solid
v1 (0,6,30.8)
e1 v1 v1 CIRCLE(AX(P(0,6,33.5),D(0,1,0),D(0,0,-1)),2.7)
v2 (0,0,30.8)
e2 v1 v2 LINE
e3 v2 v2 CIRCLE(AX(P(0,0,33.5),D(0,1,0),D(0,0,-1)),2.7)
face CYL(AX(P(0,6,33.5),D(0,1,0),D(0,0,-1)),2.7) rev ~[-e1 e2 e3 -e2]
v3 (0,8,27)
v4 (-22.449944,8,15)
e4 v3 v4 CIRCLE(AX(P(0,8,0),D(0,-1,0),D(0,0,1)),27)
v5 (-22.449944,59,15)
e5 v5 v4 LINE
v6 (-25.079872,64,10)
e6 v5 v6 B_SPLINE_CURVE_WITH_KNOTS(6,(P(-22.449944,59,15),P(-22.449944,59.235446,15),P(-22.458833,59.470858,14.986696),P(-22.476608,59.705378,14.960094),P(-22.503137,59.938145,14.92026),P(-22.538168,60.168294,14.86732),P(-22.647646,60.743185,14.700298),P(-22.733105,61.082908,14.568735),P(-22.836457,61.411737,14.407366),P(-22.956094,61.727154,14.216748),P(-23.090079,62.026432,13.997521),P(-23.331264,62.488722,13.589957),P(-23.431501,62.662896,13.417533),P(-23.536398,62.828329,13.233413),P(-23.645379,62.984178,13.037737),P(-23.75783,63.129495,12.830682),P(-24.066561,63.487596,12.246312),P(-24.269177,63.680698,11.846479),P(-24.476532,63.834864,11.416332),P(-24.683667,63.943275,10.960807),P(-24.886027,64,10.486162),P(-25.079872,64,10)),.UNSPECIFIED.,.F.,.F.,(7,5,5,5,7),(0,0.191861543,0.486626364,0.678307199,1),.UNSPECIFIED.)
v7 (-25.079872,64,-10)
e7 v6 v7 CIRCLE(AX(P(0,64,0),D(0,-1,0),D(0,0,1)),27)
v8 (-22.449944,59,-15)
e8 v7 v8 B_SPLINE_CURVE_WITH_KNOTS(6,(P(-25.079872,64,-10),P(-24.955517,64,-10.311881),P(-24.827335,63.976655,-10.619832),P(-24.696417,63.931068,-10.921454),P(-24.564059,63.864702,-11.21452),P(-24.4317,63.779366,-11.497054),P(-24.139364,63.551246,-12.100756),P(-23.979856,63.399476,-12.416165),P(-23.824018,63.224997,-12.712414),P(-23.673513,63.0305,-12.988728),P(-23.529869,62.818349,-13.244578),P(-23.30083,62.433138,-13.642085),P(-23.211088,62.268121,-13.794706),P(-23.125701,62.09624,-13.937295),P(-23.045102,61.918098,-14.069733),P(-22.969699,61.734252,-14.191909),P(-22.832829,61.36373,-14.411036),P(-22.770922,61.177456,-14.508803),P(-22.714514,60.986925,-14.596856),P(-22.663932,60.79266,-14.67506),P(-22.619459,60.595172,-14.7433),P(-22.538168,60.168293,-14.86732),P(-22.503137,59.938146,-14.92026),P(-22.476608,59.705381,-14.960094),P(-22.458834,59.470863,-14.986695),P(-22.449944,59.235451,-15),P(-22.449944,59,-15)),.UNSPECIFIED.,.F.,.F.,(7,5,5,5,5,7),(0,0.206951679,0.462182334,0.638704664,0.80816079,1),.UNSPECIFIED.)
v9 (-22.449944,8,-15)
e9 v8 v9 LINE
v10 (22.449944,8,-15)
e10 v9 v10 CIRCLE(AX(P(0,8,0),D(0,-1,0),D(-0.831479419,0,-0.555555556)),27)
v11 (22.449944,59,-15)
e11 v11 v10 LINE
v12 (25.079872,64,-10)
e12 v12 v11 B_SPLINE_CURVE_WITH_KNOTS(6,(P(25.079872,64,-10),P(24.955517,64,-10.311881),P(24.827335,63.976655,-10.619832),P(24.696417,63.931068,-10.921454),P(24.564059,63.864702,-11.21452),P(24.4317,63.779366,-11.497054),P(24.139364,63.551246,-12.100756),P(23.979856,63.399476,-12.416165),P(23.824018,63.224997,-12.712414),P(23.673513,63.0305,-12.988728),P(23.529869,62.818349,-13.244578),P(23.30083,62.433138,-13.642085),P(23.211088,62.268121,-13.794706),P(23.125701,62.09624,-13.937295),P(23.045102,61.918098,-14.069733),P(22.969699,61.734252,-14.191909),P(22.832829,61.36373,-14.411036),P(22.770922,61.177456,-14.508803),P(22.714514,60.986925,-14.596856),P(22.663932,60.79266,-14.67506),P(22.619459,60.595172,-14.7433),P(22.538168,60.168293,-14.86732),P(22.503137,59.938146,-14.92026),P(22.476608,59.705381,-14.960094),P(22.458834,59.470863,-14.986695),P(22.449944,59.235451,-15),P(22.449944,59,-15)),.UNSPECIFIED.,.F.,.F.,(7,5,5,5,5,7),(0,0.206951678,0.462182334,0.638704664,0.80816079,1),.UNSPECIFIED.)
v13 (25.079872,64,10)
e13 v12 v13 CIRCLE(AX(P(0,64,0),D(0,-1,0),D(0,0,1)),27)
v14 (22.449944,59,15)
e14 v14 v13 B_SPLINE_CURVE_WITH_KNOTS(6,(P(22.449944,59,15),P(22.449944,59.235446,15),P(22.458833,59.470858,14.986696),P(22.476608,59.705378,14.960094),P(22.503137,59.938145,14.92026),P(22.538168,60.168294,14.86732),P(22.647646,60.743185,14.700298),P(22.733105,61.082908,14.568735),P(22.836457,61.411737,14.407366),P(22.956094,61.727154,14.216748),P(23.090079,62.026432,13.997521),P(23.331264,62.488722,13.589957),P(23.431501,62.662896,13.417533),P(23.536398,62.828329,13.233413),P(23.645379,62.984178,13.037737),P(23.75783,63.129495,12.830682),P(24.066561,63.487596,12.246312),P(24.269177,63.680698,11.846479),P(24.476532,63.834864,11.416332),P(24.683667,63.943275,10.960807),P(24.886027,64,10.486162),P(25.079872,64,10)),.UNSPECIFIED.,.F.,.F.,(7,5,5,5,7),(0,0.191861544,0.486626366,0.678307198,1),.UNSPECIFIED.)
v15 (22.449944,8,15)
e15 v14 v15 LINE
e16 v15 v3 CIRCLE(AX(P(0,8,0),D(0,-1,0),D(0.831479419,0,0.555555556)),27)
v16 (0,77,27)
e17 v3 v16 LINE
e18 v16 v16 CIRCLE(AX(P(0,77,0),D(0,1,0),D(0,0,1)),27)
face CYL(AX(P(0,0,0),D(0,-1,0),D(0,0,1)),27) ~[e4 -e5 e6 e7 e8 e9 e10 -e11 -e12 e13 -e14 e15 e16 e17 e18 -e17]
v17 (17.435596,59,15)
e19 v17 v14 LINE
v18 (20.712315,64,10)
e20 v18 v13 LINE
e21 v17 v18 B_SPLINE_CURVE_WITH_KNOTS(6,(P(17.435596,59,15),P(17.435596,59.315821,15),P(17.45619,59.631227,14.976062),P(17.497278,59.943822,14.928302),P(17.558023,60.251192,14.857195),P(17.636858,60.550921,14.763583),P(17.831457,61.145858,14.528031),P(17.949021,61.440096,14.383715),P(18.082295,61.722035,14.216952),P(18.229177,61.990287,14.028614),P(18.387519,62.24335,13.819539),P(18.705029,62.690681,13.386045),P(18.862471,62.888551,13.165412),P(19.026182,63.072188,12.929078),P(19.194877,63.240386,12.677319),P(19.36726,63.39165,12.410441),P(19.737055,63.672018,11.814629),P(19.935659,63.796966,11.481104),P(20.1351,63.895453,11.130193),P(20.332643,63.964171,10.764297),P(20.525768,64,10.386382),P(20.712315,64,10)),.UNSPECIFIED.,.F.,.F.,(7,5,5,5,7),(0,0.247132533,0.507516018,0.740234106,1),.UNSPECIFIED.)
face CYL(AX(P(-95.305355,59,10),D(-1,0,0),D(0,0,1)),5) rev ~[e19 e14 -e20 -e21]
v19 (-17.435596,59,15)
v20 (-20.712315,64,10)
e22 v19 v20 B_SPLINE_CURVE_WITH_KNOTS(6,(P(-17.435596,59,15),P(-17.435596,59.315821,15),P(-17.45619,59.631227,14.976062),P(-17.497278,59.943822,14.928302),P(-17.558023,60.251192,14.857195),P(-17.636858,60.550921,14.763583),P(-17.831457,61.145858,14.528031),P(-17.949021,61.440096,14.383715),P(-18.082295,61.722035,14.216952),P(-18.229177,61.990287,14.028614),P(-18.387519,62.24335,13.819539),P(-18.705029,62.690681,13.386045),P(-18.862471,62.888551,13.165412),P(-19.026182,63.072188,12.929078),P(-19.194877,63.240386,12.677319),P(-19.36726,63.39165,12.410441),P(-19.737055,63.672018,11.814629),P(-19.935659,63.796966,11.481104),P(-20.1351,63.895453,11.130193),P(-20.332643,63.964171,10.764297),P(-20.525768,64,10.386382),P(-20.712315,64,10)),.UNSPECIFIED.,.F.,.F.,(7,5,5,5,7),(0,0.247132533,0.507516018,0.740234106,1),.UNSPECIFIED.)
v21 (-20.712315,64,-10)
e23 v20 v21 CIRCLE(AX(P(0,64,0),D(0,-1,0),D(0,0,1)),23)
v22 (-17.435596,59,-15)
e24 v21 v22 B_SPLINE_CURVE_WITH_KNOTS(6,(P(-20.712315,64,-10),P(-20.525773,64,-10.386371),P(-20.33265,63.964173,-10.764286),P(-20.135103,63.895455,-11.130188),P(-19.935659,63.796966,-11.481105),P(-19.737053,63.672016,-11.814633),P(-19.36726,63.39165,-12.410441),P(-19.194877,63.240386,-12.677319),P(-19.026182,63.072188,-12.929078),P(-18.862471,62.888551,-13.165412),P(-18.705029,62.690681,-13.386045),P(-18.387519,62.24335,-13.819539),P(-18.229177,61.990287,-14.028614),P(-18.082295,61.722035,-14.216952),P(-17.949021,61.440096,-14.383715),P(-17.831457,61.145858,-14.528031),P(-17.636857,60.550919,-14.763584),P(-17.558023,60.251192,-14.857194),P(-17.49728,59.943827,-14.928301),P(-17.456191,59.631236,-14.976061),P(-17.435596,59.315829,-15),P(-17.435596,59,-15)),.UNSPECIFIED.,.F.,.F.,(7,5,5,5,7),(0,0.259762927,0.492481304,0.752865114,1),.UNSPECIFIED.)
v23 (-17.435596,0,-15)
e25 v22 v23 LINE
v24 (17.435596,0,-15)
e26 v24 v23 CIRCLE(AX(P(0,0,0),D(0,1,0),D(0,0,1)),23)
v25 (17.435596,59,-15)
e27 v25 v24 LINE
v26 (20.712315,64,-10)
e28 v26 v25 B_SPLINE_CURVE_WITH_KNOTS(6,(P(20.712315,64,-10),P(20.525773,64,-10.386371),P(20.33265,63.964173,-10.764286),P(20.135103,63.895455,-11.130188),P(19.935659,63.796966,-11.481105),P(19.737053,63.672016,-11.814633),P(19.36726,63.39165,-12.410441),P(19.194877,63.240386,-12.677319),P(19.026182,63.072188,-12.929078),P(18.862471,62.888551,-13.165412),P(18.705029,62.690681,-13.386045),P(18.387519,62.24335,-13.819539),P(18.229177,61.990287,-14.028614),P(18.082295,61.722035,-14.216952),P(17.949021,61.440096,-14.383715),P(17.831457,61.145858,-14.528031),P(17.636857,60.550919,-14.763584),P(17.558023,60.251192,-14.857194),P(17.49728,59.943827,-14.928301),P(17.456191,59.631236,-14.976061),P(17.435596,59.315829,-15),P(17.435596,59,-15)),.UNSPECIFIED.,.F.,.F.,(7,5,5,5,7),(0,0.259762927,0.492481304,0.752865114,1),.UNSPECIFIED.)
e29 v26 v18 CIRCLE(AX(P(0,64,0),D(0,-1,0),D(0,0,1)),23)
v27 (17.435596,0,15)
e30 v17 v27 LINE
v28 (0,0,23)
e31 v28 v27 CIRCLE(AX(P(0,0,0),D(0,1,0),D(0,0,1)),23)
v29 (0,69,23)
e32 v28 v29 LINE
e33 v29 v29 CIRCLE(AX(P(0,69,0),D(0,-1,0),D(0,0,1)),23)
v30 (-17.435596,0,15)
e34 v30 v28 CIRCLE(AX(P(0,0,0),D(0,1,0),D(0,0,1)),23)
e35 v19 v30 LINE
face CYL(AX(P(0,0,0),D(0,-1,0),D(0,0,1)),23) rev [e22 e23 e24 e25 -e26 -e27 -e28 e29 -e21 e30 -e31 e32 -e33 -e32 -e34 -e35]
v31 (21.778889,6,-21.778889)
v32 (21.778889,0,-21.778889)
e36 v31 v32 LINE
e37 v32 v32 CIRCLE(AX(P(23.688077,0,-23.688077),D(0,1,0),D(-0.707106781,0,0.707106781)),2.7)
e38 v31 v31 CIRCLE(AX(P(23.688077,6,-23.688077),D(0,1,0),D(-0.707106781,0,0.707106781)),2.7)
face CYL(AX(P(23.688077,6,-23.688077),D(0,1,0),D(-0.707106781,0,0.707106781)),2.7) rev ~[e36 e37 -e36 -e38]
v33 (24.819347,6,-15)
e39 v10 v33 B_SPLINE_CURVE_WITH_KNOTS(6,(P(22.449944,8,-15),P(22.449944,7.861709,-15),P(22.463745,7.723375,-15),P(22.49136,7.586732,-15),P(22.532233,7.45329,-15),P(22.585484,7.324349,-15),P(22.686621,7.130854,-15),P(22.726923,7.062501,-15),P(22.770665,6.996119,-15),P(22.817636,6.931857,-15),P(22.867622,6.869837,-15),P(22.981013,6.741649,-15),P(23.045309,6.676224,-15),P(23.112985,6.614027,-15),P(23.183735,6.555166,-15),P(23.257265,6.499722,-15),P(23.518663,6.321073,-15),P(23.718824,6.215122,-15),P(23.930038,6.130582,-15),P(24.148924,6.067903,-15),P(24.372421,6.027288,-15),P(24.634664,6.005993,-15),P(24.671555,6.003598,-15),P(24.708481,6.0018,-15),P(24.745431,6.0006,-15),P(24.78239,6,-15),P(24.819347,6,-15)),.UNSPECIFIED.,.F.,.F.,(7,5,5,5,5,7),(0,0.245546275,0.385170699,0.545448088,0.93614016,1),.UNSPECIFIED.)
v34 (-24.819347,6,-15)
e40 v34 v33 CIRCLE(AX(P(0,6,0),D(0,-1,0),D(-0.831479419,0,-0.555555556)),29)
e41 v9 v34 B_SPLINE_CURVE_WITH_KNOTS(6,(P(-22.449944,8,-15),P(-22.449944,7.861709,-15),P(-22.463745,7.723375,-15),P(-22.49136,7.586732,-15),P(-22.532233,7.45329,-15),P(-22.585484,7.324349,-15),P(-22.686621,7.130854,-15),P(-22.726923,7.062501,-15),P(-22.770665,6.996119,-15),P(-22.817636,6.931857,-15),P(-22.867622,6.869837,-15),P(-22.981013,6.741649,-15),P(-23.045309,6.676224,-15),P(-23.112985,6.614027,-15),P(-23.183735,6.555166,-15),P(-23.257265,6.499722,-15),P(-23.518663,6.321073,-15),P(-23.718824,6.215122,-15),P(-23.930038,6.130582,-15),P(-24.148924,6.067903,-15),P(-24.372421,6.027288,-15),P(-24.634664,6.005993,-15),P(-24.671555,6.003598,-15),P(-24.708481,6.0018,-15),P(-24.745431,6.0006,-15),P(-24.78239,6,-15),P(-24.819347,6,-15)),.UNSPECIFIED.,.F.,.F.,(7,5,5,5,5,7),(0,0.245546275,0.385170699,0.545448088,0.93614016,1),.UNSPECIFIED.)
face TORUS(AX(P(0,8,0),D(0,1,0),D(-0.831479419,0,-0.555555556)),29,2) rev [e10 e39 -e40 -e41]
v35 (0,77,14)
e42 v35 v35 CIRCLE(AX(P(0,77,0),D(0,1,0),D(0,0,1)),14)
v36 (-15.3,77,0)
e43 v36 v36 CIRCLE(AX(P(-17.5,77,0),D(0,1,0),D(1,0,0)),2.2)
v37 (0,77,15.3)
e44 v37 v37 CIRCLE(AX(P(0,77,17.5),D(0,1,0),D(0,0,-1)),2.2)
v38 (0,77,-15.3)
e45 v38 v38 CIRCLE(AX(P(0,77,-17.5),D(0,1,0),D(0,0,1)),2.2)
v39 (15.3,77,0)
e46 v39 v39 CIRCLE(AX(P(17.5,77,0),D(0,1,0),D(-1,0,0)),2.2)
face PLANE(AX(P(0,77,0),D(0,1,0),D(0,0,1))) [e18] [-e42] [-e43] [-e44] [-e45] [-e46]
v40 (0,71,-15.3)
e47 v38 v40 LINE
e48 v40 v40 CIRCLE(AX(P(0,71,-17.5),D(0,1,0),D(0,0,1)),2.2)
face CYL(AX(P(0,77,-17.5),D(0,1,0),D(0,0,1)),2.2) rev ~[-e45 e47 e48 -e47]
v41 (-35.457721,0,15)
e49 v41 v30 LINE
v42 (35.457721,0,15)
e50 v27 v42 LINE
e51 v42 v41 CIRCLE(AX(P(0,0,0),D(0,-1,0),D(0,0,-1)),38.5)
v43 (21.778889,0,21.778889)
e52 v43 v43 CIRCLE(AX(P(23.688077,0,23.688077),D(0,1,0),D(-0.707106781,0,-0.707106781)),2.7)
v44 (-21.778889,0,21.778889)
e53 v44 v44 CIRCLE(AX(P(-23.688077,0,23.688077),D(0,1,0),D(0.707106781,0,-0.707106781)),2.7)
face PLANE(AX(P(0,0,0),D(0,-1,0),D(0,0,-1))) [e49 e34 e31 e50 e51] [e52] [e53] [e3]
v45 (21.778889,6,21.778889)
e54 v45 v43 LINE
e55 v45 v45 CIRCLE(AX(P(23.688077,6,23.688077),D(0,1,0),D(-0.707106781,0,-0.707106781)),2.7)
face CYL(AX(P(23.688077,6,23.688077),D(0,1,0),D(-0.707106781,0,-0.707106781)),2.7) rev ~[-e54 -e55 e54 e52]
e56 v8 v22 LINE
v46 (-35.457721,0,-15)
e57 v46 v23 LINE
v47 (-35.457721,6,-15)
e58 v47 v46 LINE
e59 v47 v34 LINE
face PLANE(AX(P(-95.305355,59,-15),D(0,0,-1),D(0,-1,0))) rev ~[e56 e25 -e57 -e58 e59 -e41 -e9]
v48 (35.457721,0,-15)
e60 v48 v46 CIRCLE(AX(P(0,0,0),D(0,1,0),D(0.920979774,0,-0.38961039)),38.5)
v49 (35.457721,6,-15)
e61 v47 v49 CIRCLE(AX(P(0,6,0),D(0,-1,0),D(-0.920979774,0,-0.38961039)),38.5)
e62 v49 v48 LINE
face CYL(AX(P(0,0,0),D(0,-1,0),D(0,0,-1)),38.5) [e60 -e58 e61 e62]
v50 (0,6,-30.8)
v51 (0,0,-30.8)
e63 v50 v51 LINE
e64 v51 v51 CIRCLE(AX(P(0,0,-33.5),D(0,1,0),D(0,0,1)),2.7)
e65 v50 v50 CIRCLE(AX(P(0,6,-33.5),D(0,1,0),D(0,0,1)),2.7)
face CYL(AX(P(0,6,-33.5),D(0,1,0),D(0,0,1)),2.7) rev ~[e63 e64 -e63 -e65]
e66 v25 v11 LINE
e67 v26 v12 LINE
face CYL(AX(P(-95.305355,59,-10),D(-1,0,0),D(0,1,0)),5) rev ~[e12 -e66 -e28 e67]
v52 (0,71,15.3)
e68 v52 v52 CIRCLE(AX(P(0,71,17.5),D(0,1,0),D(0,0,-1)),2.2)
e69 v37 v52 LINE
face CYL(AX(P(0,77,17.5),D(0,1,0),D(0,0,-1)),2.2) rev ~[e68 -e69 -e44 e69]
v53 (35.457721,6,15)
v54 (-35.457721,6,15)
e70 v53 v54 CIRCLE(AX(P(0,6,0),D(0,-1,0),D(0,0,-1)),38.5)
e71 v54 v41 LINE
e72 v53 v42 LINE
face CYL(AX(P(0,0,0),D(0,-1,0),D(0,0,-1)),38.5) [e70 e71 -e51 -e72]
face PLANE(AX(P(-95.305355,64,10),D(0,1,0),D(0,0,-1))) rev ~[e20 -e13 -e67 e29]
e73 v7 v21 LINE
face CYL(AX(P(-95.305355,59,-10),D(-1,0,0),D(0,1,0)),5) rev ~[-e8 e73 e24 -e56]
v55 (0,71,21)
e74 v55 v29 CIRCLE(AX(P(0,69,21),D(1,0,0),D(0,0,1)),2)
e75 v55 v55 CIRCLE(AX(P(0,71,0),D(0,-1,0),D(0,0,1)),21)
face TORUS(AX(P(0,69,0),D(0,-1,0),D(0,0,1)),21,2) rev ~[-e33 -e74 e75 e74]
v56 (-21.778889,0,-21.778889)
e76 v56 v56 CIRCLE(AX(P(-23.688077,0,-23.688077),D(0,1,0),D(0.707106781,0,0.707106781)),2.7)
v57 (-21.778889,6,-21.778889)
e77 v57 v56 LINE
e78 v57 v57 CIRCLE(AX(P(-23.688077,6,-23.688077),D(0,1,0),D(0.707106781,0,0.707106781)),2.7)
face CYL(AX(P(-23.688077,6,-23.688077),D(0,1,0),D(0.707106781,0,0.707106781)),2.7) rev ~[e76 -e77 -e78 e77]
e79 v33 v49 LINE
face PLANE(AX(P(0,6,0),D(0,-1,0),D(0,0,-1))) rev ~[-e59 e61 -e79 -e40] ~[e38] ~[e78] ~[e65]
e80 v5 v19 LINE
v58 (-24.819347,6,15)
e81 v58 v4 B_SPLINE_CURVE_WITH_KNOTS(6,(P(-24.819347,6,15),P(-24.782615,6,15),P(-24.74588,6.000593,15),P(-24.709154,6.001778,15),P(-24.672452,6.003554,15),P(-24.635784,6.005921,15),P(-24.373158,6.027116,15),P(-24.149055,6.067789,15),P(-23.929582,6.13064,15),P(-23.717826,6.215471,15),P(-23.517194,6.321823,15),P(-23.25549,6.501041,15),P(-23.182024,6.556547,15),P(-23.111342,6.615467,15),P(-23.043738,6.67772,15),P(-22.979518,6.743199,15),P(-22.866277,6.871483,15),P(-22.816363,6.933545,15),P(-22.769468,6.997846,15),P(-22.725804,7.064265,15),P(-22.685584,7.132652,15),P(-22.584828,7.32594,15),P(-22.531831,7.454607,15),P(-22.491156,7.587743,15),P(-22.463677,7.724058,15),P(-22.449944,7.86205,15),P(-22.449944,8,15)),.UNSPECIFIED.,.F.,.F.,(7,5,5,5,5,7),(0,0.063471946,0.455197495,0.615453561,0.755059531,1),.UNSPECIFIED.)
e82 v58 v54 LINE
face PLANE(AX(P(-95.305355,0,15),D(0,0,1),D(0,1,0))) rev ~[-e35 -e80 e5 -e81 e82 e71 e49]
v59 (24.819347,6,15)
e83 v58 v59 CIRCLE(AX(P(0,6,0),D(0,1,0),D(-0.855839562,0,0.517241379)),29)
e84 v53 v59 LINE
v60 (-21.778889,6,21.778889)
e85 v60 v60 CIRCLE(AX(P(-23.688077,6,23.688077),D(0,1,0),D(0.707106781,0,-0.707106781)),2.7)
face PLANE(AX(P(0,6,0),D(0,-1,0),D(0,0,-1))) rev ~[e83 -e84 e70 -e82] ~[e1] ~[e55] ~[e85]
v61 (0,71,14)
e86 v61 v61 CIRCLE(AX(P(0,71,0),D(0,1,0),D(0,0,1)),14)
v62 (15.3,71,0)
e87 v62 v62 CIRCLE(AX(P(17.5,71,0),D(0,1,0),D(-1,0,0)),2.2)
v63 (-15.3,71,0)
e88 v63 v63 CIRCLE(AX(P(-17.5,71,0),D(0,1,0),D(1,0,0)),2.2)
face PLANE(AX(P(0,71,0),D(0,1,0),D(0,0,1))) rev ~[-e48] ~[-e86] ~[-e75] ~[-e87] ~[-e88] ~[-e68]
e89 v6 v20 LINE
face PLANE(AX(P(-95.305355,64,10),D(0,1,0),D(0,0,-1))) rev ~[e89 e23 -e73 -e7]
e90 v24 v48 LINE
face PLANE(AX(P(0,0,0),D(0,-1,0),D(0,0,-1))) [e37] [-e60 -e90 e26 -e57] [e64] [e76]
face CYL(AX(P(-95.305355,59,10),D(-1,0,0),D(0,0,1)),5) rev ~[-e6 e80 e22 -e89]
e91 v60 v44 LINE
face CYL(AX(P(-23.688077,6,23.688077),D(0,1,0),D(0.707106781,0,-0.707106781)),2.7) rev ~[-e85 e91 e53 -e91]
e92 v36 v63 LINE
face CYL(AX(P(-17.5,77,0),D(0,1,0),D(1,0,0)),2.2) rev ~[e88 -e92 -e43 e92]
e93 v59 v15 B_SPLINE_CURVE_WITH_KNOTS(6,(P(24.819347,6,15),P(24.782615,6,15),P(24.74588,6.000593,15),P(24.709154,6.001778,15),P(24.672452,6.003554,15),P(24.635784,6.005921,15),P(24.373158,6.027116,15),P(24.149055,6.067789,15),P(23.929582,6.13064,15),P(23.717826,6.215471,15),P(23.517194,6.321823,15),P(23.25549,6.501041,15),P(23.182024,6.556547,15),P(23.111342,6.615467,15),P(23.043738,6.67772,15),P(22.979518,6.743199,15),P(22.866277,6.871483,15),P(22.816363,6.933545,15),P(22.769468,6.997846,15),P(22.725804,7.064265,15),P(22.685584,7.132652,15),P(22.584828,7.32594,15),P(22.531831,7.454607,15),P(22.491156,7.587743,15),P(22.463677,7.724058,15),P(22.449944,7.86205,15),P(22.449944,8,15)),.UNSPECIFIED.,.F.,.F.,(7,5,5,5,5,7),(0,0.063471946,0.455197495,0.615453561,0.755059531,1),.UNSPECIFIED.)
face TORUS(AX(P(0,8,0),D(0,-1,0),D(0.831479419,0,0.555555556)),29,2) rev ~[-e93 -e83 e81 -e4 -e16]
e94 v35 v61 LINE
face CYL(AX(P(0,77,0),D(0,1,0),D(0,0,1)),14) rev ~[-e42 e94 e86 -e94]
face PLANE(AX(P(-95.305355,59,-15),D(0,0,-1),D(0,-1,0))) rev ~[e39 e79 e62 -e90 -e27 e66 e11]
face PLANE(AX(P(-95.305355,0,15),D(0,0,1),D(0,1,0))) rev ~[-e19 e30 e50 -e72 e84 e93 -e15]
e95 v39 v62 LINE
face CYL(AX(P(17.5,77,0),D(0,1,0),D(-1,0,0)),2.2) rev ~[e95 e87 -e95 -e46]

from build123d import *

# Parameters (mm, degrees)
SKETCH1_R               = 27
SKETCH1_R_2             = 23
BOSS_EXTRUDE1_DEPTH     = 77
BOSS_EXTRUDE2_START     = -6
SKETCH2_R               = 27
BOSS_EXTRUDE2_DEPTH     = 6
SKETCH3_R               = 38.5
SKETCH3_R_2             = 23
BOSS_EXTRUDE3_DEPTH     = 6
SKETCH4_R               = 14
CUT_EXTRUDE1_DEPTH      = 95.305355097
CUT_EXTRUDE2_DEPTH      = 95.305355097
CUT_EXTRUDE2_DEPTH_BACK = 95.305355097
FILLET1_R               = 2
SKETCH7_R               = 2.7
CUT_EXTRUDE3_DEPTH      = 89.207142689
CIRPATTERN1_COUNT       = 8
SKETCH8_R               = 2.2
CUT_EXTRUDE4_DEPTH      = 94.104779805
CIRPATTERN2_COUNT       = 4


with BuildPart() as part:
    # Sketch1 → Boss-Extrude1 (new body)
    with BuildSketch(Plane(origin=(0, 0, 0), x_dir=(1, 0, 0), z_dir=(0, 1, 0))):
        Circle(SKETCH1_R)
        Circle(SKETCH1_R_2, mode=Mode.SUBTRACT)
    extrude(amount=BOSS_EXTRUDE1_DEPTH)

    # Sketch2 → Boss-Extrude2 (add)
    with BuildSketch(Plane(origin=(0, 77, 0), x_dir=(1, 0, 0), z_dir=(0, 1, 0)).offset(BOSS_EXTRUDE2_START)):
        Circle(SKETCH2_R)
    extrude(amount=BOSS_EXTRUDE2_DEPTH)

    # Sketch3 → Boss-Extrude3 (add)
    with BuildSketch(Plane.XZ):
        Circle(SKETCH3_R)
        Circle(SKETCH3_R_2, mode=Mode.SUBTRACT)
    extrude(amount=-BOSS_EXTRUDE3_DEPTH)

    # Sketch4 → Cut-Extrude1 (cut, through all)
    with BuildSketch(Plane(origin=(0, 77, 0), x_dir=(1, 0, 0), z_dir=(0, 1, 0))):
        Circle(SKETCH4_R)
    extrude(amount=-CUT_EXTRUDE1_DEPTH, mode=Mode.SUBTRACT)

    # Sketch5 → Cut-Extrude2 (cut, two sides: drawn at the far end of the back side and taken through both)
    with BuildSketch(Plane(origin=(0, 0, 0), x_dir=(0, 0, -1), z_dir=(1, 0, 0)).offset(-CUT_EXTRUDE2_DEPTH_BACK)):
        with BuildLine():
            Line((-15, 0), (-15, 59))
            ThreePointArc((-15, 59), (-13.535533906, 62.535533906), (-10, 64))
            Line((-10, 64), (10, 64))
            ThreePointArc((10, 64), (13.535533906, 62.535533906), (15, 59))
            Line((15, 59), (15, 0))
            Line((15, 0), (-15, 0))
        make_face()
    extrude(amount=CUT_EXTRUDE2_DEPTH + CUT_EXTRUDE2_DEPTH_BACK, mode=Mode.SUBTRACT)

    # Fillet1
    fillet1_edges = [part.edges().sort_by_distance(p)[0] for p in [
        (-23, 71, 0),
        (0, 6, -27),
        (0, 6, 27),
    ]]
    fillet(fillet1_edges, radius=FILLET1_R)

    # Sketch7 → Cut-Extrude3 (cut, through all)
    with BuildSketch(Plane(origin=(0, 6, 0), x_dir=(1, 0, 0), z_dir=(0, 1, 0))):
        with Locations((0, 33.5)):
            Circle(SKETCH7_R)
    cut_extrude3 = extrude(amount=-CUT_EXTRUDE3_DEPTH, mode=Mode.SUBTRACT)

    # CirPattern1: Cut-Extrude3 ×8 about axis, 2 skipped
    cirpattern1_axis = Axis((0, -3.85, 0), (0, 1, 0))
    add([cut_extrude3.rotate(cirpattern1_axis, i * 360 / CIRPATTERN1_COUNT) for i in range(1, CIRPATTERN1_COUNT) if i not in (2, 6)], mode=Mode.SUBTRACT)

    # Sketch8 → Cut-Extrude4 (cut, through all)
    with BuildSketch(Plane(origin=(0, 77, 0), x_dir=(1, 0, 0), z_dir=(0, 1, 0))):
        with Locations((0, 17.5)):
            Circle(SKETCH8_R)
    cut_extrude4 = extrude(amount=-CUT_EXTRUDE4_DEPTH, mode=Mode.SUBTRACT)

    # CirPattern2: Cut-Extrude4 ×4 about axis
    cirpattern2_axis = Axis((0, -3.85, 0), (0, 1, 0))
    for i in range(1, CIRPATTERN2_COUNT):
        add(cut_extrude4.rotate(cirpattern2_axis, i * 360 / CIRPATTERN2_COUNT), mode=Mode.SUBTRACT)


solid = part.part
